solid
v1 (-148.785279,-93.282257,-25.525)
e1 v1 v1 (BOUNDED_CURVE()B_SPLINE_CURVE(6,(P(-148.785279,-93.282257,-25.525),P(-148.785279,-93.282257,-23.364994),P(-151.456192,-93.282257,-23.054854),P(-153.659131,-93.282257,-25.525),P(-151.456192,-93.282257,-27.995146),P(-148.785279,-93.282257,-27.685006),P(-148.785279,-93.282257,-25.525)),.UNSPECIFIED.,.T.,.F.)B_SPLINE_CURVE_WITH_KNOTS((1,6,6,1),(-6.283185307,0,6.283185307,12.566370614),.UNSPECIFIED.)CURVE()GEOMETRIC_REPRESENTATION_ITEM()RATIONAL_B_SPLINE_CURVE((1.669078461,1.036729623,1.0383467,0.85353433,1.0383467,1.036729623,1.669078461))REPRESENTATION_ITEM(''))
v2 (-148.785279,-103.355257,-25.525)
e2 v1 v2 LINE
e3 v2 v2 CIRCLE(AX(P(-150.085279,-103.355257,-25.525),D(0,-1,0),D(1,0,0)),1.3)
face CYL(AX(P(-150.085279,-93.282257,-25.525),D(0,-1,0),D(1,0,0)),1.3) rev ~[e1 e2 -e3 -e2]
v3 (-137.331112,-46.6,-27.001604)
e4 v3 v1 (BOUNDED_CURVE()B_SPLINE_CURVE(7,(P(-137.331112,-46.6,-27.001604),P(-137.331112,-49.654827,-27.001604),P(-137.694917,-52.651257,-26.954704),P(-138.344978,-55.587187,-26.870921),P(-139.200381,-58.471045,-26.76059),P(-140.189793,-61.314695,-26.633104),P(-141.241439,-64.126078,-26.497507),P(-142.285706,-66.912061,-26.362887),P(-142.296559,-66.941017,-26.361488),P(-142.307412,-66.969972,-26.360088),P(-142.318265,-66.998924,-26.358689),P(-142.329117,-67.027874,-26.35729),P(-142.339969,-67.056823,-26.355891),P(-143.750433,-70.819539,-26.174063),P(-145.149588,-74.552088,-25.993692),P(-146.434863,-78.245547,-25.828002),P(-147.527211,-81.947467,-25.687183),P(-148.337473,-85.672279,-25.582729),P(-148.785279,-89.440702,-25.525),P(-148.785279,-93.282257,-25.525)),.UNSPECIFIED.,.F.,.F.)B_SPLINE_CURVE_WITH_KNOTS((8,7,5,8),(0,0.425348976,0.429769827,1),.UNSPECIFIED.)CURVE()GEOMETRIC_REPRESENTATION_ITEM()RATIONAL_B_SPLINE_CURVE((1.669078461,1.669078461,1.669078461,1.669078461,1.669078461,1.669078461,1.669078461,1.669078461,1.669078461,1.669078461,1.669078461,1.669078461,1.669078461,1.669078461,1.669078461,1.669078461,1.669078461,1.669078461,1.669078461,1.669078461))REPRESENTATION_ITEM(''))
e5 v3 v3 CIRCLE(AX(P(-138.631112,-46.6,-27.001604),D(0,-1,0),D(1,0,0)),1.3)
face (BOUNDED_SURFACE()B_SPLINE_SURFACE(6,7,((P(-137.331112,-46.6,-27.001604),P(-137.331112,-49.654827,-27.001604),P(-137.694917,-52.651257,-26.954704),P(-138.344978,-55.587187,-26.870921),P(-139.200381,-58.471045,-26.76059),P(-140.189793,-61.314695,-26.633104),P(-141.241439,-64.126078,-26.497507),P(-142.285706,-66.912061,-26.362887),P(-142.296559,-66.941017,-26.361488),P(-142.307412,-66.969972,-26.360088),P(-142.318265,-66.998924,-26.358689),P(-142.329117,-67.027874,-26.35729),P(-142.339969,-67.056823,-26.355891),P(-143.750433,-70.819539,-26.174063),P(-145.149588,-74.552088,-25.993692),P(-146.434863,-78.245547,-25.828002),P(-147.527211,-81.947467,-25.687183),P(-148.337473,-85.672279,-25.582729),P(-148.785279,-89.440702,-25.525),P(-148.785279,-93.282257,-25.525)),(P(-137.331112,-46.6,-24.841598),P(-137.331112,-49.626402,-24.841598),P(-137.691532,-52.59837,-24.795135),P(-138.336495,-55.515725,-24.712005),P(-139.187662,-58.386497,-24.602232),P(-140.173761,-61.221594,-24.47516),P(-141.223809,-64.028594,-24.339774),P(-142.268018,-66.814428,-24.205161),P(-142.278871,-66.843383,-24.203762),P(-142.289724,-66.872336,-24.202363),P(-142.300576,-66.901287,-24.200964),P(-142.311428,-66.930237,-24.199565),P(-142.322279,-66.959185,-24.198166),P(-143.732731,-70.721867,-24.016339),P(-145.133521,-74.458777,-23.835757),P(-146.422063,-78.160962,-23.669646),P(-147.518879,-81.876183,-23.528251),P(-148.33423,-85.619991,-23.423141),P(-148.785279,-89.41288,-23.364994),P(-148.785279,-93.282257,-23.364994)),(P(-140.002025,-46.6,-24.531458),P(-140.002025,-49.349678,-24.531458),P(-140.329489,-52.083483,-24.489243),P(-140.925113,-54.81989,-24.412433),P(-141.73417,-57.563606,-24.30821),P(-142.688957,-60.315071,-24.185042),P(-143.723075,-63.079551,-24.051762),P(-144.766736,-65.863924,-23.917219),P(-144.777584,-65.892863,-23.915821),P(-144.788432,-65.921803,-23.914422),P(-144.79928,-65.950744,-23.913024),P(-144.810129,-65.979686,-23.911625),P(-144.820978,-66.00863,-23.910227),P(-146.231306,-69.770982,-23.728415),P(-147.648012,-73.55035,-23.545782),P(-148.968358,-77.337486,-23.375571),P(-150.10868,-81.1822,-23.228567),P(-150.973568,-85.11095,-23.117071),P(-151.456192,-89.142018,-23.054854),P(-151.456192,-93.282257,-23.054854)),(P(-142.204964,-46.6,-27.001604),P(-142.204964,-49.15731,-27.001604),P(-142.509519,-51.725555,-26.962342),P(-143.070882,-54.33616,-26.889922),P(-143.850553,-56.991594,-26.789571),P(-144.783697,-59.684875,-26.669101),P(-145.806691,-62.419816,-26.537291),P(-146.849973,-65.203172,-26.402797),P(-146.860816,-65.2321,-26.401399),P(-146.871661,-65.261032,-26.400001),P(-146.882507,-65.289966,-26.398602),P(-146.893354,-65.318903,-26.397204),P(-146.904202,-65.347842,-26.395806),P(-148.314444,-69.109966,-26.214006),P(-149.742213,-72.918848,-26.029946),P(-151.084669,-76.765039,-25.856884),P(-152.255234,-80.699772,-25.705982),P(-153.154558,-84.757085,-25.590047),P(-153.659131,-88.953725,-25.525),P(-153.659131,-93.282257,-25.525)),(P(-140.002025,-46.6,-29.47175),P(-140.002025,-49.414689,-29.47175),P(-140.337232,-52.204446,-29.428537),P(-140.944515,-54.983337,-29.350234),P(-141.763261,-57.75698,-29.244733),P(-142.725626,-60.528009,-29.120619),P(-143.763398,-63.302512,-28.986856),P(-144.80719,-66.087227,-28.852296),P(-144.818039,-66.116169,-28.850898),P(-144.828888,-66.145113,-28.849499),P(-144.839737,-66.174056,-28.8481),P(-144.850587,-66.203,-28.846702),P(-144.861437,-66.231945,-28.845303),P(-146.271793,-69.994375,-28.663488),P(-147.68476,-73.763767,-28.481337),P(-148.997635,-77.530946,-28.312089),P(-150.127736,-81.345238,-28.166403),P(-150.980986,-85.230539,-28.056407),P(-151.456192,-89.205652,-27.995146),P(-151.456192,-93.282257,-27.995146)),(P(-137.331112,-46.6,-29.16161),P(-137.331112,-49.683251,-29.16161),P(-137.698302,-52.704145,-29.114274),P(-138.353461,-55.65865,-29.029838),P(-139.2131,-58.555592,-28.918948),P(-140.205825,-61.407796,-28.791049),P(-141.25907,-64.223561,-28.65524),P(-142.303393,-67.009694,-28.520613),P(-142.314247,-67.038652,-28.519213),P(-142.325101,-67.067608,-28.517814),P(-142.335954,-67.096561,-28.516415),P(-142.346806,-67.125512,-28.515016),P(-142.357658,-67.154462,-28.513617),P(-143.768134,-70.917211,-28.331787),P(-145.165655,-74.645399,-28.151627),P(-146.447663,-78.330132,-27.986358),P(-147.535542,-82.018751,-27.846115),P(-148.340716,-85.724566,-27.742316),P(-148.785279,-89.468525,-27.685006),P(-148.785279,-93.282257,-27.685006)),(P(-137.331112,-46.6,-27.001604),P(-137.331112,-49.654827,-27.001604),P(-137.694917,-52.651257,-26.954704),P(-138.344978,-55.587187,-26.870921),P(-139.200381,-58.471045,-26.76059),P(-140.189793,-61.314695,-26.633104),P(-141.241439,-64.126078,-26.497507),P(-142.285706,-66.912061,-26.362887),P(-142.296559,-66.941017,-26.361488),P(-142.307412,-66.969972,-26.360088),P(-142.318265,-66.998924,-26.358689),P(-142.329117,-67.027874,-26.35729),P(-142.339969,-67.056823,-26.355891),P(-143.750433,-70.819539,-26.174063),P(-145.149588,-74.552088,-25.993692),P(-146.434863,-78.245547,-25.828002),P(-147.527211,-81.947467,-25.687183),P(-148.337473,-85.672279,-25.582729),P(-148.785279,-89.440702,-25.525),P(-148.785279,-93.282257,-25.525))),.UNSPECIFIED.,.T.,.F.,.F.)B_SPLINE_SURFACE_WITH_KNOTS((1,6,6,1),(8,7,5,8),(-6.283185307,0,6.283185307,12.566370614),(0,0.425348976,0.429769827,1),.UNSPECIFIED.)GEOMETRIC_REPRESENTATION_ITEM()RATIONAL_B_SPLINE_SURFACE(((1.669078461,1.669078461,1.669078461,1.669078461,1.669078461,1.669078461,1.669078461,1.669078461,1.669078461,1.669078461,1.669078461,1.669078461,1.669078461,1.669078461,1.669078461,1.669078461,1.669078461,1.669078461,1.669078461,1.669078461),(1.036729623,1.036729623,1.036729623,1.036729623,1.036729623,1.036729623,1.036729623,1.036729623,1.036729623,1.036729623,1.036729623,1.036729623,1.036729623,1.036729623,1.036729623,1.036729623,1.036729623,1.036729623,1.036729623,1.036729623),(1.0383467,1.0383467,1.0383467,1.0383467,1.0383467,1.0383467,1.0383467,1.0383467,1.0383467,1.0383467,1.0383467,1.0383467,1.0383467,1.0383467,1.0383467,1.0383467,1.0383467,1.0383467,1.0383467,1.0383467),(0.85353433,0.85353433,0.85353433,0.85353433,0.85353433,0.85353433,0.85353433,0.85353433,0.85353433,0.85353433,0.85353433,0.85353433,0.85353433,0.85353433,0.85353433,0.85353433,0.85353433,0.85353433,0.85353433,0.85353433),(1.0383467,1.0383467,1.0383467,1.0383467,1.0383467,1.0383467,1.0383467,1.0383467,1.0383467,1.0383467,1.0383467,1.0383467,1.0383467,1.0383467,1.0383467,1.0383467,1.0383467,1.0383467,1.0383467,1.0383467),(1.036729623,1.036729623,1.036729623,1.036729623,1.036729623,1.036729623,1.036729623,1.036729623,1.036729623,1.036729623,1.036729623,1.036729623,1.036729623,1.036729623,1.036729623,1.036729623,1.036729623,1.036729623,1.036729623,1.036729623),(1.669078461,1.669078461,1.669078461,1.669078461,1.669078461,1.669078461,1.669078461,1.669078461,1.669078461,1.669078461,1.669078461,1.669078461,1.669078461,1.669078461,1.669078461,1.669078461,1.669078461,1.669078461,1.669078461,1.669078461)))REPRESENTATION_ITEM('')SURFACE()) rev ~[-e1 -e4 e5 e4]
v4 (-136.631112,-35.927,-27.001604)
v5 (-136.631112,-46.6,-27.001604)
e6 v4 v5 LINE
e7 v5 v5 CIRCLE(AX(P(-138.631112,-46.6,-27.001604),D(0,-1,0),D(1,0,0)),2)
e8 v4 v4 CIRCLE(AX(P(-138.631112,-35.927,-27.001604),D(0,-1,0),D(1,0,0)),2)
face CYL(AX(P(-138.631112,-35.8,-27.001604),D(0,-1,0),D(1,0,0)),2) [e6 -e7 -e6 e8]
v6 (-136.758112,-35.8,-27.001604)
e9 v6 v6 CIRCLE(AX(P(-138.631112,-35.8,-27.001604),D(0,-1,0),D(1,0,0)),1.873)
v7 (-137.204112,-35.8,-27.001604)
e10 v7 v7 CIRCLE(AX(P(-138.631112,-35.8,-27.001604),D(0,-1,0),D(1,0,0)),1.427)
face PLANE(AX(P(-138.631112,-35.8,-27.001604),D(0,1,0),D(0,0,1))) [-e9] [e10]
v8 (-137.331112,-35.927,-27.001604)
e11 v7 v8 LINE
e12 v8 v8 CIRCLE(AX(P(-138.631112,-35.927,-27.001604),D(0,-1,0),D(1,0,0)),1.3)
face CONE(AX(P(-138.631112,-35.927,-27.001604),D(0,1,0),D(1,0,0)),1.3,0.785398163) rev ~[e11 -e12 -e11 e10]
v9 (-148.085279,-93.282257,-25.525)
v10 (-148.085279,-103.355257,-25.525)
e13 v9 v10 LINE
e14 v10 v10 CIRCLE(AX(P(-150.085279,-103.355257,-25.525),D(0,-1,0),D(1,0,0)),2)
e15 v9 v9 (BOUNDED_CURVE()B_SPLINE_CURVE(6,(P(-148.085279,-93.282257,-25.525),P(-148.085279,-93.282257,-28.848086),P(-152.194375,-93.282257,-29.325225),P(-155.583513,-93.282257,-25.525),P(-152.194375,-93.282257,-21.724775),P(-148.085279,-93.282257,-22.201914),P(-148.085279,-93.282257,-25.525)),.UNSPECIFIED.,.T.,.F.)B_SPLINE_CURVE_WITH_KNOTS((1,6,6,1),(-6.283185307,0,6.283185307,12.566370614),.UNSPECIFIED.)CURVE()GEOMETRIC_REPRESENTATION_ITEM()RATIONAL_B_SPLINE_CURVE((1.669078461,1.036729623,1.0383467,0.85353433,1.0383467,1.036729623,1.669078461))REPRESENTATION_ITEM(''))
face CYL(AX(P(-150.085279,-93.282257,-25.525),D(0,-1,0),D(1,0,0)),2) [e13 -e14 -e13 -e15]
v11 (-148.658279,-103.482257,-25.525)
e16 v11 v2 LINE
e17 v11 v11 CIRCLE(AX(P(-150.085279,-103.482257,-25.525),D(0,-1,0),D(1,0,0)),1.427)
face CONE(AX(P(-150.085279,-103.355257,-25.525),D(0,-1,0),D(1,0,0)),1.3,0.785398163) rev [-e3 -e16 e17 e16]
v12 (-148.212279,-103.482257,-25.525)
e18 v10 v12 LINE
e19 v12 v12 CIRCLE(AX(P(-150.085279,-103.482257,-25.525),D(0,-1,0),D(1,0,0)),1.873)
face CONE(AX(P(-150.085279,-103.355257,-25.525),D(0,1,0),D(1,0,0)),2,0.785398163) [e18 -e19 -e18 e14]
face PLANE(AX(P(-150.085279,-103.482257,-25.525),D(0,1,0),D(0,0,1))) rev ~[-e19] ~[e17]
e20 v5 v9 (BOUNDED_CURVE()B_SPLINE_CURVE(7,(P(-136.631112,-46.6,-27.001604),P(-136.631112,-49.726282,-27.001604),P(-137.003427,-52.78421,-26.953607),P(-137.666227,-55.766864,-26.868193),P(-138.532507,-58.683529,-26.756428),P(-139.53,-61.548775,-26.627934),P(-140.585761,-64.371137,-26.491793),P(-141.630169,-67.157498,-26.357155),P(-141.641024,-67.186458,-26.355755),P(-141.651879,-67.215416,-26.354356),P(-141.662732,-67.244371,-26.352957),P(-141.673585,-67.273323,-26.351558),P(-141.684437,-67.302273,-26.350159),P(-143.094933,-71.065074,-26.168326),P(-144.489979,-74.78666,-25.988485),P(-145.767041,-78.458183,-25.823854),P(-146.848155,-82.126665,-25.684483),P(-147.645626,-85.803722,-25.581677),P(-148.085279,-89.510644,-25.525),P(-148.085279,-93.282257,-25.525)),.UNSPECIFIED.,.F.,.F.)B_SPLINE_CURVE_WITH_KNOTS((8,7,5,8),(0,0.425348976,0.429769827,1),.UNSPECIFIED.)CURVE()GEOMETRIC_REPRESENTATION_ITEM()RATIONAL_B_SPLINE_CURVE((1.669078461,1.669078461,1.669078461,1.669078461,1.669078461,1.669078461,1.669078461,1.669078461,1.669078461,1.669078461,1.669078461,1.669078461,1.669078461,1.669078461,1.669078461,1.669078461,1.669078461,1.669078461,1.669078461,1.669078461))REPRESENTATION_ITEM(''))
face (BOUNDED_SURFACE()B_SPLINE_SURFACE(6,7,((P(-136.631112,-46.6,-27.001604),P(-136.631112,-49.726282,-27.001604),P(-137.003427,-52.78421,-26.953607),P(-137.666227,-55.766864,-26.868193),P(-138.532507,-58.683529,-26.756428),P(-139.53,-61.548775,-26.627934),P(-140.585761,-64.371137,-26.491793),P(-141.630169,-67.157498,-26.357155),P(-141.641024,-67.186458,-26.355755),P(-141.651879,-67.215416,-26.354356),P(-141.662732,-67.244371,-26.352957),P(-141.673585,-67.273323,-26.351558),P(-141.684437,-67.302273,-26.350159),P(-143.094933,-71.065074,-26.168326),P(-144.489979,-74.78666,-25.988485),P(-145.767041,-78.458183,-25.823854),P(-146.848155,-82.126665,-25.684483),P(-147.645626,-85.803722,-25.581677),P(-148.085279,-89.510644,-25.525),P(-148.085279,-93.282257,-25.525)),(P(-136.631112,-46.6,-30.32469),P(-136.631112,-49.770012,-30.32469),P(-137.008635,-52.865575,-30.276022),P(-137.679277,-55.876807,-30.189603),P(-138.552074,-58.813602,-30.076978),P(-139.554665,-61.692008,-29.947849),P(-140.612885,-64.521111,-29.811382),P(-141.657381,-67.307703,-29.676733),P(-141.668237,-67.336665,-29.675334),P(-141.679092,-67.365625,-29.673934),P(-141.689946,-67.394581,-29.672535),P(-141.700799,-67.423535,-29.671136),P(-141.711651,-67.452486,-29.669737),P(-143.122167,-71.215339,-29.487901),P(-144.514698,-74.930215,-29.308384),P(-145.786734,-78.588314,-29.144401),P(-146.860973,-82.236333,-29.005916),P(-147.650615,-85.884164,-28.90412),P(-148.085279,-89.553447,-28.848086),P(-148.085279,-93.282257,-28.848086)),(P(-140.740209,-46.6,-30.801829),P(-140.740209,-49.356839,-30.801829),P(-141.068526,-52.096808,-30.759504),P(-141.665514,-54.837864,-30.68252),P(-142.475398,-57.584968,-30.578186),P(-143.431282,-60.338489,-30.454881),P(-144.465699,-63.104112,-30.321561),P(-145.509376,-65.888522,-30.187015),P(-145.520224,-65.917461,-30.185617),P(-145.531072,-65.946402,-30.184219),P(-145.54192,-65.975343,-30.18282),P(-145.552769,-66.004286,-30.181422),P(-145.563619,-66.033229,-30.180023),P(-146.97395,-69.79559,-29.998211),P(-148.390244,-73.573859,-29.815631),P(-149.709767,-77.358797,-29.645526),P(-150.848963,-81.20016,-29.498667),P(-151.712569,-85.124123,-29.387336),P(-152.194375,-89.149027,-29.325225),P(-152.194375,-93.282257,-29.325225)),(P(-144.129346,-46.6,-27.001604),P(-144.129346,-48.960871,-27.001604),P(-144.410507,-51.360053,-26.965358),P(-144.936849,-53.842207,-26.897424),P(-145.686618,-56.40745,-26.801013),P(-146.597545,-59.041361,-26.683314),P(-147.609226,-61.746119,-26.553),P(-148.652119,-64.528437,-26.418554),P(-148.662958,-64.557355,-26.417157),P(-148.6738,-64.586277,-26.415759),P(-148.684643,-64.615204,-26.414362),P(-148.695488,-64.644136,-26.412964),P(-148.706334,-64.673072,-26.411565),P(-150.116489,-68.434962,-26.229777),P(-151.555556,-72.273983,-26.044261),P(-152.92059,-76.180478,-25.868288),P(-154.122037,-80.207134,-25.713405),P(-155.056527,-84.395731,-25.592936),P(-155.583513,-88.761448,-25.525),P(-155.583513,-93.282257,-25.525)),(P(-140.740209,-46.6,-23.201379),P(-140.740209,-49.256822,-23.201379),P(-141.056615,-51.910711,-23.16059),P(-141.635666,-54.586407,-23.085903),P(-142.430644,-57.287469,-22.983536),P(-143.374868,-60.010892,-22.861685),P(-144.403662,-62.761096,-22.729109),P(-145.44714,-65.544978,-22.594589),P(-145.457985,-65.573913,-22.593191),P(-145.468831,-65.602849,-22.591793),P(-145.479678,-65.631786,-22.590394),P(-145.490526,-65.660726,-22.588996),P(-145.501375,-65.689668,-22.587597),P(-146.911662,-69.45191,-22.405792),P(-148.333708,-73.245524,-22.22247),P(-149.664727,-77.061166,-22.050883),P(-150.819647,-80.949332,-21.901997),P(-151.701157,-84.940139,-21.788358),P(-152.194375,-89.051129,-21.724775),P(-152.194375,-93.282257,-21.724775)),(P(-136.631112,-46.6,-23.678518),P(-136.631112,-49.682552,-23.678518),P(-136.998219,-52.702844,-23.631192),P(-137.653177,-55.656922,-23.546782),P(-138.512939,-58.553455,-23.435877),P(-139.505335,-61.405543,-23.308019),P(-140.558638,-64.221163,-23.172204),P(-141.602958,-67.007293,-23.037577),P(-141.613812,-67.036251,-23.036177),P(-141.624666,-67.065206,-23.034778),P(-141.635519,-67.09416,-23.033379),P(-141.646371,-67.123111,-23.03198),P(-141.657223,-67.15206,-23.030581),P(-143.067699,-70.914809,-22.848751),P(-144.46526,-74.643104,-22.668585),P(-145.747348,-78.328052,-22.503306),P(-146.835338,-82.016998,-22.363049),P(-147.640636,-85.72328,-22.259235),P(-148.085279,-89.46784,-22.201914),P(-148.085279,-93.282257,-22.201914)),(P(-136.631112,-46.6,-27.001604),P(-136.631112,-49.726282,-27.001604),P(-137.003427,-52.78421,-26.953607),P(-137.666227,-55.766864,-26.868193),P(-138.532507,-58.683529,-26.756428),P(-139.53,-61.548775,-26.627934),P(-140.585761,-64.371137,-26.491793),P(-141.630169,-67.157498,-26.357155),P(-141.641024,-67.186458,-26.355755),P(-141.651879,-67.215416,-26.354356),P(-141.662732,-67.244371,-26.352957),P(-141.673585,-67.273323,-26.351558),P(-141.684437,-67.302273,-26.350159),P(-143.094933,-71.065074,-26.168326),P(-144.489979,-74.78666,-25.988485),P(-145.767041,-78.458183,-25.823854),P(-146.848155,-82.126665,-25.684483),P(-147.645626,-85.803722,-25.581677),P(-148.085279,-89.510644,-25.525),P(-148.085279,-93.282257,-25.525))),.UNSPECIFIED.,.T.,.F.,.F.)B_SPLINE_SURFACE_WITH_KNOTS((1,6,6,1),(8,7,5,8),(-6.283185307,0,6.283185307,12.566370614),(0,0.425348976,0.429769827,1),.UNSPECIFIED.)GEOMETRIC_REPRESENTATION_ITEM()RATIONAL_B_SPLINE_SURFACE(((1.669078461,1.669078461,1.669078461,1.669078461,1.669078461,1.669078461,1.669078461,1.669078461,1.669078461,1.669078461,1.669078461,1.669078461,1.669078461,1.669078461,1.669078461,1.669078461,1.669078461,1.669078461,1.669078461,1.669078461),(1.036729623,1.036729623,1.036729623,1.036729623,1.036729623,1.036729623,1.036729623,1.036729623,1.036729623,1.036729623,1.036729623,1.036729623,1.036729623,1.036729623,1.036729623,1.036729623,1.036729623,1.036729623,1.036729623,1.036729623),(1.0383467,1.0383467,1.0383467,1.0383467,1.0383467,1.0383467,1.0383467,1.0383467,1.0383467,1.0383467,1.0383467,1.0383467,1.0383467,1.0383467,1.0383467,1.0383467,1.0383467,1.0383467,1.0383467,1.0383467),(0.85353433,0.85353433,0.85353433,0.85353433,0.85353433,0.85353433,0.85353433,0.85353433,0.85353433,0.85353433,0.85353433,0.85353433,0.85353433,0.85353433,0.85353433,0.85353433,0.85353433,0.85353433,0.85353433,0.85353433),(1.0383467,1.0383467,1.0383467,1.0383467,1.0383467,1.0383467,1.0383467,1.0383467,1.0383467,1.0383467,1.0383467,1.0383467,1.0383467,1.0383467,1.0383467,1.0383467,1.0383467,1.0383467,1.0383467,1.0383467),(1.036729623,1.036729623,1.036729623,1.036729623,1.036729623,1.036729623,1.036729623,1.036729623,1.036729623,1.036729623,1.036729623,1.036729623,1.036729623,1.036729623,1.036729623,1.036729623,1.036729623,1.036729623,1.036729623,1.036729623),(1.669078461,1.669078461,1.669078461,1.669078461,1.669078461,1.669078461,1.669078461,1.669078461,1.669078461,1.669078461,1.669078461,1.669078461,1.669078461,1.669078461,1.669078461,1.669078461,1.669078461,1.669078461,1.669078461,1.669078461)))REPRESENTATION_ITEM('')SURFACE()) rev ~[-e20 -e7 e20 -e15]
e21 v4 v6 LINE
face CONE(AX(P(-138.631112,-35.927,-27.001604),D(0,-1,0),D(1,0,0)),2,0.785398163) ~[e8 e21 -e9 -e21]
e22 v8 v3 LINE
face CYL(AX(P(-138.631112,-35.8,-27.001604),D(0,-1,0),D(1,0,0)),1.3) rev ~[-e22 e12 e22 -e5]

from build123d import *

# Parameters (mm, degrees)
SKETCH1_R     = 2
SKETCH1_R_2   = 1.3
CHAMFER1_SIZE = 0.127


with BuildPart() as part:
    # Sweep1: sweep along a curve in space
    with BuildLine() as sweep1_path:
        Line((-150.085279081, -93.282256564, -25.525), (-150.085279081, -103.482256564, -25.525))
        add(Edge.make_bspline(
            [(-138.631112316, -46.6, -27.001603743), (-138.631112316, -53.418290009, -27.001603743), (-144.358195699, -68.791470848, -26.263301872), (-150.085279081, -83.943708487, -25.525), (-150.085279081, -93.282256564, -25.525)],
            knots=[0, 0, 0, 0, 0.425348976, 1, 1, 1, 1], degree=3))
        Line((-138.631112316, -35.8, -27.001603743), (-138.631112316, -46.6, -27.001603743))
    # Sketch1 → Sweep1 (sweep)
    with BuildSketch(Plane(origin=(0, -95.382256564, 0), x_dir=(1, 0, 0), z_dir=(0, 1, 0))):
        with Locations((-150.085279081, 25.525)):
            Circle(SKETCH1_R)
        with Locations((-150.085279081, 25.525)):
            Circle(SKETCH1_R_2, mode=Mode.SUBTRACT)
    sweep(path=sweep1_path.line)

    # Chamfer1
    chamfer1_edges = [part.edges().sort_by_distance(p)[0] for p in [
        (-139.931112316, -35.8, -27.001603743),
        (-140.631112316, -35.8, -27.001603743),
        (-151.385279081, -103.482256564, -25.525),
        (-152.085279081, -103.482256564, -25.525),
    ]]
    chamfer(chamfer1_edges, length=CHAMFER1_SIZE)


solid = part.part
